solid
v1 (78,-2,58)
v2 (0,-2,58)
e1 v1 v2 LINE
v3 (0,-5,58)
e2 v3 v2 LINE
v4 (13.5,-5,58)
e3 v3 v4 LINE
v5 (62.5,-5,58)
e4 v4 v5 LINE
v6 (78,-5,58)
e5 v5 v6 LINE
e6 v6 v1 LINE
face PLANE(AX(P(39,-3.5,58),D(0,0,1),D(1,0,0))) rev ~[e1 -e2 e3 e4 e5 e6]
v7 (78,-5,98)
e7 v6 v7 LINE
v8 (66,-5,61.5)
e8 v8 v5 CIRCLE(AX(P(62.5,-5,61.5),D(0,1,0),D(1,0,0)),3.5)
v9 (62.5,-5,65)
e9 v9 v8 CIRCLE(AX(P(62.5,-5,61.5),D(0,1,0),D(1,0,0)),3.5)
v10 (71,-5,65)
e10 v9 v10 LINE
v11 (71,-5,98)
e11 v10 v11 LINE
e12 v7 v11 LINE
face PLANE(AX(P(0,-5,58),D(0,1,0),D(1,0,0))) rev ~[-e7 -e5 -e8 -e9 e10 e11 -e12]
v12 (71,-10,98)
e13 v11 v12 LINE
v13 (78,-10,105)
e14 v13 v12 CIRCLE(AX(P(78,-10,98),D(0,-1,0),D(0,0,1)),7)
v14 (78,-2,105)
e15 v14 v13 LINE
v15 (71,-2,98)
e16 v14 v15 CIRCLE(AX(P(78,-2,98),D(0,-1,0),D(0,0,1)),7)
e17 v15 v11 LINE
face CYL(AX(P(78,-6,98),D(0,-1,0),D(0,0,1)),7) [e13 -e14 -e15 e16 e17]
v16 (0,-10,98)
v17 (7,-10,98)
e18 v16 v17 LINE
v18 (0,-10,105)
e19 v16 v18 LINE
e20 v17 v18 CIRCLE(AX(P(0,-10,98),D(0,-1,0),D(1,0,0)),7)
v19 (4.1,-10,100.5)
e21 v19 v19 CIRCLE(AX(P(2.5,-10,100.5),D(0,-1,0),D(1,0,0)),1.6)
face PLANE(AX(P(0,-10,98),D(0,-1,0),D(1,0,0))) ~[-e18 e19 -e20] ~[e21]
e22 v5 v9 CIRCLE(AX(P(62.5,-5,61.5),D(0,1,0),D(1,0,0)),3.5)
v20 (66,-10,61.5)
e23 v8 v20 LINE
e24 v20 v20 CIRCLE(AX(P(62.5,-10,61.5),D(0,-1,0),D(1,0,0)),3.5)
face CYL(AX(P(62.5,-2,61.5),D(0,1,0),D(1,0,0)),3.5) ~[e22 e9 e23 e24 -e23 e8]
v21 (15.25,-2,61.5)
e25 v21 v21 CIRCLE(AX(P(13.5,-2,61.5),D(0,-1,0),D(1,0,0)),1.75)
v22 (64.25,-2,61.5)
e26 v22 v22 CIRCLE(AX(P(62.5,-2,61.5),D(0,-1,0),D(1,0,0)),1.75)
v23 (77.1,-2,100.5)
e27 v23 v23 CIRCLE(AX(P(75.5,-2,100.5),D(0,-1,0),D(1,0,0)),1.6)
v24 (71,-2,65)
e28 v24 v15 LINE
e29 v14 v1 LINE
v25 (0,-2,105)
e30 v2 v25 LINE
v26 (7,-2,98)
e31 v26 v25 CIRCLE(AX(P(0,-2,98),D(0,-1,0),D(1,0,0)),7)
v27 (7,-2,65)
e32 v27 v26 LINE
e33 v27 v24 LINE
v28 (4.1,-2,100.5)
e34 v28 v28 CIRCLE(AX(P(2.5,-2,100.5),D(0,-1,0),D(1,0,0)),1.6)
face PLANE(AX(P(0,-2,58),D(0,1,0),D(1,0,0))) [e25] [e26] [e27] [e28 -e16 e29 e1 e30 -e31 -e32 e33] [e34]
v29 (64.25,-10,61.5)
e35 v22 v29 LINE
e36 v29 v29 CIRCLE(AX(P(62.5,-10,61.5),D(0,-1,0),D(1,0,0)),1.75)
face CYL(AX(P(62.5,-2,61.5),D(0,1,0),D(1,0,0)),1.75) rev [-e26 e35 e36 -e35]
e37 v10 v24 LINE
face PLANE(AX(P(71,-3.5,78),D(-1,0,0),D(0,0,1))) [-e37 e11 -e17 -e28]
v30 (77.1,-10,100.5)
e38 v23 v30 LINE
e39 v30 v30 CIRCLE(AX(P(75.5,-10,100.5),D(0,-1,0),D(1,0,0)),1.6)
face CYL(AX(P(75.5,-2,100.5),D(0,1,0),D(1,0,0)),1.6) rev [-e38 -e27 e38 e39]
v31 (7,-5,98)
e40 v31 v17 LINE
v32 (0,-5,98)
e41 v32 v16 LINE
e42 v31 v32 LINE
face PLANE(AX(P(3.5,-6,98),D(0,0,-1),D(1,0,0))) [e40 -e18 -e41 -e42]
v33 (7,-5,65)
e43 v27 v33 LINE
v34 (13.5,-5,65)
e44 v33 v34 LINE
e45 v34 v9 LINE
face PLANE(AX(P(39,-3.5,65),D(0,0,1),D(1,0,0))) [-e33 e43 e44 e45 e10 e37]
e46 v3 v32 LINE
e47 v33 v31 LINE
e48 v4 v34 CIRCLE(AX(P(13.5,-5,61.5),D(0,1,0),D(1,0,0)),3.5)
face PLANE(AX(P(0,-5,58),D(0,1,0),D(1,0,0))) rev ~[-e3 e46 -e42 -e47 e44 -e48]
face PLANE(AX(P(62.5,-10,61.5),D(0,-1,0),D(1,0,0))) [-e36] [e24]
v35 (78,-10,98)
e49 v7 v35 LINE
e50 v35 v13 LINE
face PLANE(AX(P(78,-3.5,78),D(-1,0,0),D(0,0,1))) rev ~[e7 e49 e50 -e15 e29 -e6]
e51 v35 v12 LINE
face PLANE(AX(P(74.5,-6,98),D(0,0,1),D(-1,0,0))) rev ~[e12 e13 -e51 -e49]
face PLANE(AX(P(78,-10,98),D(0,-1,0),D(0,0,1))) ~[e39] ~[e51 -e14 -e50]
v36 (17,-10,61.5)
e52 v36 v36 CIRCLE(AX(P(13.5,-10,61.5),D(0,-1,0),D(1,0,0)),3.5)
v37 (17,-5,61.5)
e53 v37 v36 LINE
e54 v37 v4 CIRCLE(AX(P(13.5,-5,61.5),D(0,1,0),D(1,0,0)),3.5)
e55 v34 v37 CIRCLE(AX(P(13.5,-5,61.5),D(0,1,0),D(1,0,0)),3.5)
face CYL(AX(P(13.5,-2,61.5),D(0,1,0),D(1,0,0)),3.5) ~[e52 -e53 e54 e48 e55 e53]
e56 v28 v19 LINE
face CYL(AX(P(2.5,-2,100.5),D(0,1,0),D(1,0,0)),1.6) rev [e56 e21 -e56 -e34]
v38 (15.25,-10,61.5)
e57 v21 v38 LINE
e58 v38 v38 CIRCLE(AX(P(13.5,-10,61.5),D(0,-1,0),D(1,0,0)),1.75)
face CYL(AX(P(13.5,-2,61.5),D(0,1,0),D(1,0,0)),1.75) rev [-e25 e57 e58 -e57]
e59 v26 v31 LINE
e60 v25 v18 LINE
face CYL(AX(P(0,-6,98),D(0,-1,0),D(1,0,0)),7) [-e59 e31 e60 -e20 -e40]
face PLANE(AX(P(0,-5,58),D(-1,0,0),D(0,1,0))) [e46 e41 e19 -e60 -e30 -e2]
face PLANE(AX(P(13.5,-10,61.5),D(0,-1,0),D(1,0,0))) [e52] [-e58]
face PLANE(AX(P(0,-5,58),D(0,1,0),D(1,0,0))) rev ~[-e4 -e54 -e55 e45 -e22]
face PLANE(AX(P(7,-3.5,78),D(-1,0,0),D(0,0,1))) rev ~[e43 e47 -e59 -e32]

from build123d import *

# Parameters (mm, degrees)
CYLINDER032_R     = 1.75
CYLINDER032_DEPTH = 8
CYLINDER035_R     = 1.75
CYLINDER035_DEPTH = 8
CYLINDER038_R     = 1.6
CYLINDER038_DEPTH = 8
CYLINDER039_R     = 1.6
CYLINDER039_DEPTH = 8
CYLINDER037_W     = 7
CYLINDER037_H     = 8
CYLINDER037_ANGLE = 90
BOX025_W          = 78
BOX025_H          = 3
BOX025_DEPTH      = 7
BOX026_W          = 40
BOX026_H          = 3
BOX026_DEPTH      = 7
CYLINDER034_R     = 3.5
CYLINDER034_DEPTH = 8
CYLINDER031_R     = 3.5
CYLINDER031_DEPTH = 8
BOX027_W          = 40
BOX027_H          = 3
BOX027_DEPTH      = 7
CYLINDER036_W     = 7
CYLINDER036_H     = 8
CYLINDER036_ANGLE = 90


with BuildPart() as cuts:
    # Cylinder032 → Cylinder032 (new body)
    with BuildSketch(Plane(origin=(13.5, -2, 61.5), x_dir=(1, 0, 0), z_dir=(0, -1, 0))):
        Circle(CYLINDER032_R)
    extrude(amount=CYLINDER032_DEPTH)


with BuildPart() as cuts001:
    # Cylinder035 → Cylinder035 (new body)
    with BuildSketch(Plane(origin=(62.5, -2, 61.5), x_dir=(1, 0, 0), z_dir=(0, -1, 0))):
        Circle(CYLINDER035_R)
    extrude(amount=CYLINDER035_DEPTH)


with BuildPart() as m3screw:
    # Cylinder038 → Cylinder038 (new body)
    with BuildSketch(Plane(origin=(75.5, -2, 100.5), x_dir=(1, 0, 0), z_dir=(0, -1, 0))):
        Circle(CYLINDER038_R)
    extrude(amount=CYLINDER038_DEPTH)


with BuildPart() as c4oldcuts:
    # Cylinder039 → Cylinder039 (new body)
    with BuildSketch(Plane(origin=(2.5, -2, 100.5), x_dir=(1, 0, 0), z_dir=(0, -1, 0))):
        Circle(CYLINDER039_R)
    extrude(amount=CYLINDER039_DEPTH)

    # Fusion016: union cuts, cuts001, m3Screw
    add(cuts.part)
    add(cuts001.part)
    add(m3screw.part)


with BuildPart() as cylinder037:
    # Cylinder037 → Cylinder037 (revolve)
    with BuildSketch(Plane(origin=(0, -2, 98), x_dir=(1, 0, 0), z_dir=(0, 0, -1))):
        with Locations((3.5, 4)):
            Rectangle(CYLINDER037_W, CYLINDER037_H)
    revolve(axis=Axis((0, -2, 98), (0, -1, 0)), revolution_arc=CYLINDER037_ANGLE)


with BuildPart() as cube020:
    # Box025 → Box025 (new body)
    with BuildSketch(Plane(origin=(0, -5, 58), x_dir=(1, 0, 0), z_dir=(0, 0, 1))):
        with Locations((39, 1.5)):
            Rectangle(BOX025_W, BOX025_H)
    extrude(amount=BOX025_DEPTH)


with BuildPart() as cube021:
    # Box026 → Box026 (new body)
    with BuildSketch(Plane(origin=(7, -5, 58), x_dir=(0, 0, 1), z_dir=(-1, 0, 0))):
        with Locations((20, 1.5)):
            Rectangle(BOX026_W, BOX026_H)
    extrude(amount=BOX026_DEPTH)


with BuildPart() as cylinder034:
    # Cylinder034 → Cylinder034 (new body)
    with BuildSketch(Plane(origin=(62.5, -2, 61.5), x_dir=(1, 0, 0), z_dir=(0, -1, 0))):
        Circle(CYLINDER034_R)
    extrude(amount=CYLINDER034_DEPTH)


with BuildPart() as cylinder031:
    # Cylinder031 → Cylinder031 (new body)
    with BuildSketch(Plane(origin=(13.5, -2, 61.5), x_dir=(1, 0, 0), z_dir=(0, -1, 0))):
        Circle(CYLINDER031_R)
    extrude(amount=CYLINDER031_DEPTH)


with BuildPart() as fusion014:
    # Box027 → Box027 (new body)
    with BuildSketch(Plane(origin=(78, -5, 58), x_dir=(0, 0, 1), z_dir=(-1, 0, 0))):
        with Locations((20, 1.5)):
            Rectangle(BOX027_W, BOX027_H)
    extrude(amount=BOX027_DEPTH)

    # Fusion014: union Cube020, Cube021, Cylinder034, Cylinder031
    add(cube020.part)
    add(cube021.part)
    add(cylinder034.part)
    add(cylinder031.part)


with BuildPart() as c4hold001:
    # Cylinder036 → Cylinder036 (revolve)
    with BuildSketch(Plane(origin=(78, -2, 98), x_dir=(0, 0, 1), z_dir=(1, 0, 0))):
        with Locations((3.5, 4)):
            Rectangle(CYLINDER036_W, CYLINDER036_H)
    revolve(axis=Axis((78, -2, 98), (0, -1, 0)), revolution_arc=CYLINDER036_ANGLE)

    # Fusion015: union Cylinder037, Fusion014
    add(cylinder037.part)
    add(fusion014.part)

    # Cut024: cut c4oldCuts
    add(c4oldcuts.part, mode=Mode.SUBTRACT)


solid = c4hold001.part
